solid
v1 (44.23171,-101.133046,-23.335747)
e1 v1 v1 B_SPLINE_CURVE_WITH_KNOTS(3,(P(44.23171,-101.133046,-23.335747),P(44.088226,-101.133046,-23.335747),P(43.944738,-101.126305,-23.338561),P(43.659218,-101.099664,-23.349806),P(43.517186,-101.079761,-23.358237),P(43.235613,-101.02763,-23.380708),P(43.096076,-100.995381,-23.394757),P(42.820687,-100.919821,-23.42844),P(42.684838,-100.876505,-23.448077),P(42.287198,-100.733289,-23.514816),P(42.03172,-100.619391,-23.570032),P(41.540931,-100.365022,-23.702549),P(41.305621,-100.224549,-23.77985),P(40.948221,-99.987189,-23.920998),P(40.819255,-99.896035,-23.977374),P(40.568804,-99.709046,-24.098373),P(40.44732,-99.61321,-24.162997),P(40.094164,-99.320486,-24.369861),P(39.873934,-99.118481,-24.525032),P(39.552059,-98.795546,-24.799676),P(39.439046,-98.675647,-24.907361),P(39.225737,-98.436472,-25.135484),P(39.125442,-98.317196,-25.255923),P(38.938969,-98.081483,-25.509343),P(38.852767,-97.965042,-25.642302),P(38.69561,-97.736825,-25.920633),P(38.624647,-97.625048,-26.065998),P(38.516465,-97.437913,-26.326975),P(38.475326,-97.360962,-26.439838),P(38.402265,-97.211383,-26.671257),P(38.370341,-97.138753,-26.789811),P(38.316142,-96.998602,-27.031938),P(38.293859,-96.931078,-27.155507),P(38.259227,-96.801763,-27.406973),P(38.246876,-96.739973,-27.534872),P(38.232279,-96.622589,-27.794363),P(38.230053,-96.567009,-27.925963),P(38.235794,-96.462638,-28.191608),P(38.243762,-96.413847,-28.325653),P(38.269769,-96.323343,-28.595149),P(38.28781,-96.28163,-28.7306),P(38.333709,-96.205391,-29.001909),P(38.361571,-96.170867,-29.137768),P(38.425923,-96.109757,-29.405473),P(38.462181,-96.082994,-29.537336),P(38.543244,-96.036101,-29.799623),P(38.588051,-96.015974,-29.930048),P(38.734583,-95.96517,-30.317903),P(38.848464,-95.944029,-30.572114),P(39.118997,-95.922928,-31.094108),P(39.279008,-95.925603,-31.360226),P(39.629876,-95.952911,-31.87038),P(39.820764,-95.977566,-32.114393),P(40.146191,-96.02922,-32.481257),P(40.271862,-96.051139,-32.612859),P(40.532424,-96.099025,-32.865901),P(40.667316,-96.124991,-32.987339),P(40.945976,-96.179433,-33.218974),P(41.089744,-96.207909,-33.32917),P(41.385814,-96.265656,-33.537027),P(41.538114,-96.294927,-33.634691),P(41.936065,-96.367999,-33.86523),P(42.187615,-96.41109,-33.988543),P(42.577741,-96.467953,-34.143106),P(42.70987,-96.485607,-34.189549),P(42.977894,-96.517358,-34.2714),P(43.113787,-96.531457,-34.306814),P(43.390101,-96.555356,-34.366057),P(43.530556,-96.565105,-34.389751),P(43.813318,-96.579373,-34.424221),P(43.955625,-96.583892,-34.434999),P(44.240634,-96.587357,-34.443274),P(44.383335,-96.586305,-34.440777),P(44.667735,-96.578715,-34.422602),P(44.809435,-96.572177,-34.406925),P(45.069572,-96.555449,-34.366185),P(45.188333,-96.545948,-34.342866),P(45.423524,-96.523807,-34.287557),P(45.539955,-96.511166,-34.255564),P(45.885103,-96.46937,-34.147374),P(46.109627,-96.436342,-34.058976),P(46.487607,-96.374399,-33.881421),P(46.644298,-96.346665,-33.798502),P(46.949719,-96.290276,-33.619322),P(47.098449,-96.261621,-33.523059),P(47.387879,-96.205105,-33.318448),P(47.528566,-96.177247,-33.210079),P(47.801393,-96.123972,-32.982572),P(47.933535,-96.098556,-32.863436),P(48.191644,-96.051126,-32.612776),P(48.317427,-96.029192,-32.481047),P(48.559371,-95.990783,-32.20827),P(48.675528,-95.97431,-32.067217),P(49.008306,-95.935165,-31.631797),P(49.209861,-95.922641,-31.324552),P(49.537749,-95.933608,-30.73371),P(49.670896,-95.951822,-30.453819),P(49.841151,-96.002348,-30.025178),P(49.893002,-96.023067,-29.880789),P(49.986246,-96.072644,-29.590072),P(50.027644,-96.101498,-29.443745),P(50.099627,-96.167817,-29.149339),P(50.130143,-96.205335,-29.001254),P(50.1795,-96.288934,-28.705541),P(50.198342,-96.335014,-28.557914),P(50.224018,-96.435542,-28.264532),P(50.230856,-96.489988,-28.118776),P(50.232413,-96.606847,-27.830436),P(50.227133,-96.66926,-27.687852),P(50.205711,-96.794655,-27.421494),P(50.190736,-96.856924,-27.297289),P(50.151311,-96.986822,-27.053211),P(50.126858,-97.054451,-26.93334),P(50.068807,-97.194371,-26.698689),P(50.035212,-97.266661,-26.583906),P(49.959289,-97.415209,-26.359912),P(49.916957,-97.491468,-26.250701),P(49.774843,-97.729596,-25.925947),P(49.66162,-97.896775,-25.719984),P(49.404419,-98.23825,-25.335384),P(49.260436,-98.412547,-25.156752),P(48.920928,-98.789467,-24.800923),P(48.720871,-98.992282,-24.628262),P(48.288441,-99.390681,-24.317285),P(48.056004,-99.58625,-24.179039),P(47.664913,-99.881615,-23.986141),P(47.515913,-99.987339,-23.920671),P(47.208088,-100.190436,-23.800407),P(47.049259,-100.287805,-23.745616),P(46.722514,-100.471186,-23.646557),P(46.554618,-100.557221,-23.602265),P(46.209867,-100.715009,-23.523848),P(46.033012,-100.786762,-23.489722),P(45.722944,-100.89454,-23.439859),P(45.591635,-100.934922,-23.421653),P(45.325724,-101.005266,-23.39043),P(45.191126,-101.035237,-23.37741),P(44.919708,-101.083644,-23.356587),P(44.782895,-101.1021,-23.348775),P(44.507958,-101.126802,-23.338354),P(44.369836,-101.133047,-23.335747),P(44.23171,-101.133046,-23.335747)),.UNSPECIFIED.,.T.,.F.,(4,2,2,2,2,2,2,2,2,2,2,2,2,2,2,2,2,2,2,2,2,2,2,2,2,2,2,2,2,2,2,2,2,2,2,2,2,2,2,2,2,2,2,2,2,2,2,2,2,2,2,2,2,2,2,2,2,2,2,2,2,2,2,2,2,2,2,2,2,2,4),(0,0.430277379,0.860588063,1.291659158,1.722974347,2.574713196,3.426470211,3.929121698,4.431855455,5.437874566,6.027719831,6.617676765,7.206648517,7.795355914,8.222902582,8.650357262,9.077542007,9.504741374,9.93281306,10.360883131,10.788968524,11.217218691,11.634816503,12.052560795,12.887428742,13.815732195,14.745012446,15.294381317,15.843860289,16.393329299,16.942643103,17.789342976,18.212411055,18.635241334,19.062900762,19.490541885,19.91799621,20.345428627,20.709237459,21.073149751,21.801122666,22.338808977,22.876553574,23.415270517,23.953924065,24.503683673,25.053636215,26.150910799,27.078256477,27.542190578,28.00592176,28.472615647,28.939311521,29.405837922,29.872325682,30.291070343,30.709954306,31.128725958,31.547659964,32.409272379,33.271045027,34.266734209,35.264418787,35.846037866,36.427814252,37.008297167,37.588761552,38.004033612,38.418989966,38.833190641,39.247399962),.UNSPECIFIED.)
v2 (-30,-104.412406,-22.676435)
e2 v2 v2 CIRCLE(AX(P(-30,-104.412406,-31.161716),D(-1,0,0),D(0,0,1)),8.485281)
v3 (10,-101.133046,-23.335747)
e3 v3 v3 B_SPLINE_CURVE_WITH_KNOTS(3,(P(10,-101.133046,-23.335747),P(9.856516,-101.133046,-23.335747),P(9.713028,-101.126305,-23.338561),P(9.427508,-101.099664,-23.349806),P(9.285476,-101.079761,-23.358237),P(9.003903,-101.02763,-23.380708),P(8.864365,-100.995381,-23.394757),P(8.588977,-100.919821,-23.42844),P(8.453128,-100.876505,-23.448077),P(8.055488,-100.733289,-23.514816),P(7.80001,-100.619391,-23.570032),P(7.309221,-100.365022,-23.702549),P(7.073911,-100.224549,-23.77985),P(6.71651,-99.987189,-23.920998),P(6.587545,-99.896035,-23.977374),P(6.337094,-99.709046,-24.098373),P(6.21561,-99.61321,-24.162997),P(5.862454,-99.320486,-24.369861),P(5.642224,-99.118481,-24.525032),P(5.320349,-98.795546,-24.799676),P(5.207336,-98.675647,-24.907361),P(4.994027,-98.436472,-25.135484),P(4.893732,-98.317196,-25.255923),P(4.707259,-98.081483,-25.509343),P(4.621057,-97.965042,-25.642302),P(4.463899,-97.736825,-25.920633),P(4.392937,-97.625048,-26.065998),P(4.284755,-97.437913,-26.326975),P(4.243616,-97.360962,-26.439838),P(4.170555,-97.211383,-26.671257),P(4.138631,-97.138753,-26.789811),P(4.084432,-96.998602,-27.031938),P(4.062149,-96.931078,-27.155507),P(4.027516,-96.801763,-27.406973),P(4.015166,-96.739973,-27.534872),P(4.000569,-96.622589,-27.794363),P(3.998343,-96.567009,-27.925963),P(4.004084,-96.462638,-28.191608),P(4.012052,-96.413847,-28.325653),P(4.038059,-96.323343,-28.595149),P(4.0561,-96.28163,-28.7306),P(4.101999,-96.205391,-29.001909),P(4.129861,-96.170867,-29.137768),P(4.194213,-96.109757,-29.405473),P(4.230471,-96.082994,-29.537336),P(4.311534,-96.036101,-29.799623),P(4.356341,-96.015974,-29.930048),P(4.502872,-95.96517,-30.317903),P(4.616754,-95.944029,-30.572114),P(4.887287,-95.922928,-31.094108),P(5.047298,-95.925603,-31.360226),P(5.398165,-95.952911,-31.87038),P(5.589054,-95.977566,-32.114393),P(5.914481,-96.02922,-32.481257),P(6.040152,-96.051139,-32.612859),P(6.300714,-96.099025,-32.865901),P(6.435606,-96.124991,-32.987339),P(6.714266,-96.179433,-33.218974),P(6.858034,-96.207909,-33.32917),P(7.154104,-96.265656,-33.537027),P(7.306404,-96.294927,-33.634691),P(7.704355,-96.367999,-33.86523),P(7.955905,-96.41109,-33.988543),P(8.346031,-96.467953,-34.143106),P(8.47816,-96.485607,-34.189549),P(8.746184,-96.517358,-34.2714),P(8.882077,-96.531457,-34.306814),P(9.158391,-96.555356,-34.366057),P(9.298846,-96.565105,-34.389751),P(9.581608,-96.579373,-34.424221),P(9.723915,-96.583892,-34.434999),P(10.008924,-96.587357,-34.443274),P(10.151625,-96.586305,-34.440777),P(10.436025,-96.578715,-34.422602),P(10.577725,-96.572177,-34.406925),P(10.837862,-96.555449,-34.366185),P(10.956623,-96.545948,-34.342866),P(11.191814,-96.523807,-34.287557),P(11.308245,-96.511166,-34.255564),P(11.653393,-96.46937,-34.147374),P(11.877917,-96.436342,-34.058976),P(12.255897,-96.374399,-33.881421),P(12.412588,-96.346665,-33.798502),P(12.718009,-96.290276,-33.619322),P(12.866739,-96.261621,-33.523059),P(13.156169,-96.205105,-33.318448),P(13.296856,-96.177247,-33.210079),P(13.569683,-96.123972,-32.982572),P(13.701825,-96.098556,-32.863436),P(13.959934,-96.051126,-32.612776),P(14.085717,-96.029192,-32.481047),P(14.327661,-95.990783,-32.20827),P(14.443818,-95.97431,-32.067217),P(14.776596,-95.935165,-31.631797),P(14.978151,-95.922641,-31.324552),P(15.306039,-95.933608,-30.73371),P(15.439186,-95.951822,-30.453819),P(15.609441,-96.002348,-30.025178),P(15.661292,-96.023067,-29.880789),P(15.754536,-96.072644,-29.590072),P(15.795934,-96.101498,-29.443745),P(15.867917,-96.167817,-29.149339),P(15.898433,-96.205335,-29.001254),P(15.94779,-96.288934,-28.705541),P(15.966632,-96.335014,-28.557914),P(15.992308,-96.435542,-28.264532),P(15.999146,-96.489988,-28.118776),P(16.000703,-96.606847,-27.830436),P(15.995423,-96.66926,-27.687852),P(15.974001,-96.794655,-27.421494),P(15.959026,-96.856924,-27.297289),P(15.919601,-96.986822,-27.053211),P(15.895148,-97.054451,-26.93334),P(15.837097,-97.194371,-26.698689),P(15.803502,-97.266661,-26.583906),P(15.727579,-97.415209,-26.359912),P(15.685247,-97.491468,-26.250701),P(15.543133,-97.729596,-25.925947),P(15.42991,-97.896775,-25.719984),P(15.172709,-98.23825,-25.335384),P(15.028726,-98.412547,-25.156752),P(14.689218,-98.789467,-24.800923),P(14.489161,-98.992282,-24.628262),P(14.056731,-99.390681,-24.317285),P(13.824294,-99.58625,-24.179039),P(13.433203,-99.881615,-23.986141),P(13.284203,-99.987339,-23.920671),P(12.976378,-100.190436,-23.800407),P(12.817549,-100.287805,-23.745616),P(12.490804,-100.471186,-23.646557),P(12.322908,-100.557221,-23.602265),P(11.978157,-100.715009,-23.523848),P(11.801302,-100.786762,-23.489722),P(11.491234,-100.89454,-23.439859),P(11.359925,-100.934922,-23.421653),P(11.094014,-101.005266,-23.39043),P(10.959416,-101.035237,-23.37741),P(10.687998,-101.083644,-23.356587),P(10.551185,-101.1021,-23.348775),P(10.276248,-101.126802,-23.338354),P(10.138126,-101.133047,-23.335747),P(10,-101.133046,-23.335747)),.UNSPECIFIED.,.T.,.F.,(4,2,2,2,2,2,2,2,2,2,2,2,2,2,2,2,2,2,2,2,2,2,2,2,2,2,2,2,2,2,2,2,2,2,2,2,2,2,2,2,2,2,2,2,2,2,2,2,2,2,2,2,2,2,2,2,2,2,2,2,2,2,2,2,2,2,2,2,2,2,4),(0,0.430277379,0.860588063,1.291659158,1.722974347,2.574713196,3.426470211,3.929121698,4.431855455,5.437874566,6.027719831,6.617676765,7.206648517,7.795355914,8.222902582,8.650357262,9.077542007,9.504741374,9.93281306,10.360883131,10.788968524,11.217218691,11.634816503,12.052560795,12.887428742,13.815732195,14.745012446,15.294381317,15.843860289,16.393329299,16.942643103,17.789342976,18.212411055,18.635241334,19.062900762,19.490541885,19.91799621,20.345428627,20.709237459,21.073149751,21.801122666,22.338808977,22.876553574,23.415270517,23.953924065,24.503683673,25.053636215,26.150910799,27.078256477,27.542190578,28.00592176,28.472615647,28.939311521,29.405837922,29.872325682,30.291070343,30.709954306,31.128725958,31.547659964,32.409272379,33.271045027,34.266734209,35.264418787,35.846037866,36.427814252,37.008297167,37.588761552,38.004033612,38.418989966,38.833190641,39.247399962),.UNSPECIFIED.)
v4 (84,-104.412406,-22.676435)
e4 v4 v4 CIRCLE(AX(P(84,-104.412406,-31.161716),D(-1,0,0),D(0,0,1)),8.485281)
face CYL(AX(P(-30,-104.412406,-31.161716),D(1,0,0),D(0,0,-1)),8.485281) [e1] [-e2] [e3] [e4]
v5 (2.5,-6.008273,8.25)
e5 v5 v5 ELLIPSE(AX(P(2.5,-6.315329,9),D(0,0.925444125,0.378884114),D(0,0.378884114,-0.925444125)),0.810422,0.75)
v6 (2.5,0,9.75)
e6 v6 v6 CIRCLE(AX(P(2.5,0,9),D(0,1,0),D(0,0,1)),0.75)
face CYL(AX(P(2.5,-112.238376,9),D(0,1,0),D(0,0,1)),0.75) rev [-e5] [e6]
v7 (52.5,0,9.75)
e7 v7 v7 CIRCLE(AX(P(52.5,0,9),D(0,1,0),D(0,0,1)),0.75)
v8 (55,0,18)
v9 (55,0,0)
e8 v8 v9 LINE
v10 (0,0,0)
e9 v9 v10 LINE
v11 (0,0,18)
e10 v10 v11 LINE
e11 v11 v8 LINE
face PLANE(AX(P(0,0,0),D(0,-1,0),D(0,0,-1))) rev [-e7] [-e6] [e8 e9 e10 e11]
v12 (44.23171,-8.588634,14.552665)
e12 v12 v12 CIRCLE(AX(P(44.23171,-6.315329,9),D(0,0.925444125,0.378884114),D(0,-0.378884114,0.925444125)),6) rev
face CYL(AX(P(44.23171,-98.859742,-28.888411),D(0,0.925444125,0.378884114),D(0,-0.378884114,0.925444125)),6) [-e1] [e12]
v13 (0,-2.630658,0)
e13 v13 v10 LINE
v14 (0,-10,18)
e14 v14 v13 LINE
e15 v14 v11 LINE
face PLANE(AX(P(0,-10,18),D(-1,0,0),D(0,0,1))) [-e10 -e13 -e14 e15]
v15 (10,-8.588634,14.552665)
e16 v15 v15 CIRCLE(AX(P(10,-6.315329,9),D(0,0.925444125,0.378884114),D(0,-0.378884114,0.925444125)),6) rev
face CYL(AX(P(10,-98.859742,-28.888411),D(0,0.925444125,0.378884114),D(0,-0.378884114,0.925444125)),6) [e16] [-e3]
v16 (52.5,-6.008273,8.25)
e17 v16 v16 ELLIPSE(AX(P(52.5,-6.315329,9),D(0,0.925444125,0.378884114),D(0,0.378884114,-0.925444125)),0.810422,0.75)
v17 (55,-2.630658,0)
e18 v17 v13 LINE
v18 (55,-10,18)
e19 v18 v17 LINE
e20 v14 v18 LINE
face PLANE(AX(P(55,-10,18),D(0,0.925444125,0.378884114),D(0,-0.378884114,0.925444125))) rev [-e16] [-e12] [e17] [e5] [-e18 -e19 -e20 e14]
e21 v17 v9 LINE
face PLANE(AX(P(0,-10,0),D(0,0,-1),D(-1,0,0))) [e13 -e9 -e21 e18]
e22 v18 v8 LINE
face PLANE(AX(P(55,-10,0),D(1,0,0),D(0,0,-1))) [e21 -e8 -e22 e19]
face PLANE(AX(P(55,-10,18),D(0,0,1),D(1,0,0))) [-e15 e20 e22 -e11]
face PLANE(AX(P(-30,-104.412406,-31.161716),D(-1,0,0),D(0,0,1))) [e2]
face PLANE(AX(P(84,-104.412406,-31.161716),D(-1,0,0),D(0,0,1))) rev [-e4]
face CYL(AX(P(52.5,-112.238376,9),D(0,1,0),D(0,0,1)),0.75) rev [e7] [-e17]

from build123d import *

# Parameters (mm, degrees)
IZIM1_W                          = 55
IZIM1_H                          = 18
Y_KSEKLIK_EKSTR_ZYON1_DEPTH      = 10
KES_EKSTR_ZYON1_DEPTH            = 59.72818744
IZIM3_R                          = 6
Y_KSEKLIK_EKSTR_ZYON2_DEPTH      = 100
IZIM5_W                          = 12
IZIM5_H                          = 12
Y_KSEKLIK_EKSTR_ZYON3_DEPTH      = 12
IZIM7_R                          = 0.75
KES_EKSTR_ZYON3_DEPTH            = 131.929342088
Y_KSEKLIK_EKSTR_ZYON4_DEPTH      = 34
Y_KSEKLIK_EKSTR_ZYON4_DEPTH_BACK = 80
IZIM6_R                          = 8.485281374


with BuildPart() as part:
    # Çizim1 → Yükseklik-Ekstrüzyon1 (new body)
    with BuildSketch(Plane(origin=(0, 0, 0), x_dir=(1, 0, 0), z_dir=(0, 1, 0))):
        with Locations((27.5, -9)):
            Rectangle(IZIM1_W, IZIM1_H)
    extrude(amount=-Y_KSEKLIK_EKSTR_ZYON1_DEPTH)

    # Çizim2 → Kes-Ekstrüzyon1 (cut, through all)
    with BuildSketch(Plane.ZY):
        Polygon((18, -10), (0, -2.63065823), (0, -10), align=None)
    extrude(amount=-KES_EKSTR_ZYON1_DEPTH, mode=Mode.SUBTRACT)

    # Çizim3 → Yükseklik-Ekstrüzyon2 (add)
    with BuildSketch(Plane(origin=(0, -2.253018898, -0.922403682), x_dir=(-1, 0, 0), z_dir=(0, -0.9254441249587121, -0.3788841136540354))):
        with Locations(Location((-10, -10.721774999, 0), (0, 0, 270))):
            Circle(IZIM3_R)
        with Locations(Location((-44.231710038, -10.721774999, 0), (0, 0, 270))):
            Circle(IZIM3_R)
    extrude(amount=Y_KSEKLIK_EKSTR_ZYON2_DEPTH)

    # Çizim5 → Yükseklik-Ekstrüzyon3 (add)
    with BuildSketch(Plane(origin=(0, -94.797431394, -38.810815047), x_dir=(-1, 0, 0), z_dir=(0, -0.9254441249587119, -0.37888411365403546))):
        with Locations((-10, -10.721774999)):
            Rectangle(IZIM5_W, IZIM5_H)
        with Locations((-44.231710038, -10.721774999)):
            Rectangle(IZIM5_W, IZIM5_H)
    extrude(amount=Y_KSEKLIK_EKSTR_ZYON3_DEPTH)

    # Çizim7 → Kes-Ekstrüzyon3 (cut, through all)
    with BuildSketch(Plane(origin=(0, 0, 0), x_dir=(1, 0, 0), z_dir=(0, 1, 0))):
        with Locations(Location((2.5, -9, 0), (0, 0, 270))):
            Circle(IZIM7_R)
        with Locations(Location((52.5, -9, 0), (0, 0, 270))):
            Circle(IZIM7_R)
    extrude(amount=-KES_EKSTR_ZYON3_DEPTH, mode=Mode.SUBTRACT)

    # Çizim6 → Yükseklik-Ekstrüzyon4 (add, two sides: drawn at the far end of the back side and taken through both)
    with BuildSketch(Plane.ZY.offset(-4).offset(-Y_KSEKLIK_EKSTR_ZYON4_DEPTH_BACK)):
        with Locations((-31.161716047, -104.412406361)):
            Circle(IZIM6_R)
    extrude(amount=Y_KSEKLIK_EKSTR_ZYON4_DEPTH + Y_KSEKLIK_EKSTR_ZYON4_DEPTH_BACK)


solid = part.part
